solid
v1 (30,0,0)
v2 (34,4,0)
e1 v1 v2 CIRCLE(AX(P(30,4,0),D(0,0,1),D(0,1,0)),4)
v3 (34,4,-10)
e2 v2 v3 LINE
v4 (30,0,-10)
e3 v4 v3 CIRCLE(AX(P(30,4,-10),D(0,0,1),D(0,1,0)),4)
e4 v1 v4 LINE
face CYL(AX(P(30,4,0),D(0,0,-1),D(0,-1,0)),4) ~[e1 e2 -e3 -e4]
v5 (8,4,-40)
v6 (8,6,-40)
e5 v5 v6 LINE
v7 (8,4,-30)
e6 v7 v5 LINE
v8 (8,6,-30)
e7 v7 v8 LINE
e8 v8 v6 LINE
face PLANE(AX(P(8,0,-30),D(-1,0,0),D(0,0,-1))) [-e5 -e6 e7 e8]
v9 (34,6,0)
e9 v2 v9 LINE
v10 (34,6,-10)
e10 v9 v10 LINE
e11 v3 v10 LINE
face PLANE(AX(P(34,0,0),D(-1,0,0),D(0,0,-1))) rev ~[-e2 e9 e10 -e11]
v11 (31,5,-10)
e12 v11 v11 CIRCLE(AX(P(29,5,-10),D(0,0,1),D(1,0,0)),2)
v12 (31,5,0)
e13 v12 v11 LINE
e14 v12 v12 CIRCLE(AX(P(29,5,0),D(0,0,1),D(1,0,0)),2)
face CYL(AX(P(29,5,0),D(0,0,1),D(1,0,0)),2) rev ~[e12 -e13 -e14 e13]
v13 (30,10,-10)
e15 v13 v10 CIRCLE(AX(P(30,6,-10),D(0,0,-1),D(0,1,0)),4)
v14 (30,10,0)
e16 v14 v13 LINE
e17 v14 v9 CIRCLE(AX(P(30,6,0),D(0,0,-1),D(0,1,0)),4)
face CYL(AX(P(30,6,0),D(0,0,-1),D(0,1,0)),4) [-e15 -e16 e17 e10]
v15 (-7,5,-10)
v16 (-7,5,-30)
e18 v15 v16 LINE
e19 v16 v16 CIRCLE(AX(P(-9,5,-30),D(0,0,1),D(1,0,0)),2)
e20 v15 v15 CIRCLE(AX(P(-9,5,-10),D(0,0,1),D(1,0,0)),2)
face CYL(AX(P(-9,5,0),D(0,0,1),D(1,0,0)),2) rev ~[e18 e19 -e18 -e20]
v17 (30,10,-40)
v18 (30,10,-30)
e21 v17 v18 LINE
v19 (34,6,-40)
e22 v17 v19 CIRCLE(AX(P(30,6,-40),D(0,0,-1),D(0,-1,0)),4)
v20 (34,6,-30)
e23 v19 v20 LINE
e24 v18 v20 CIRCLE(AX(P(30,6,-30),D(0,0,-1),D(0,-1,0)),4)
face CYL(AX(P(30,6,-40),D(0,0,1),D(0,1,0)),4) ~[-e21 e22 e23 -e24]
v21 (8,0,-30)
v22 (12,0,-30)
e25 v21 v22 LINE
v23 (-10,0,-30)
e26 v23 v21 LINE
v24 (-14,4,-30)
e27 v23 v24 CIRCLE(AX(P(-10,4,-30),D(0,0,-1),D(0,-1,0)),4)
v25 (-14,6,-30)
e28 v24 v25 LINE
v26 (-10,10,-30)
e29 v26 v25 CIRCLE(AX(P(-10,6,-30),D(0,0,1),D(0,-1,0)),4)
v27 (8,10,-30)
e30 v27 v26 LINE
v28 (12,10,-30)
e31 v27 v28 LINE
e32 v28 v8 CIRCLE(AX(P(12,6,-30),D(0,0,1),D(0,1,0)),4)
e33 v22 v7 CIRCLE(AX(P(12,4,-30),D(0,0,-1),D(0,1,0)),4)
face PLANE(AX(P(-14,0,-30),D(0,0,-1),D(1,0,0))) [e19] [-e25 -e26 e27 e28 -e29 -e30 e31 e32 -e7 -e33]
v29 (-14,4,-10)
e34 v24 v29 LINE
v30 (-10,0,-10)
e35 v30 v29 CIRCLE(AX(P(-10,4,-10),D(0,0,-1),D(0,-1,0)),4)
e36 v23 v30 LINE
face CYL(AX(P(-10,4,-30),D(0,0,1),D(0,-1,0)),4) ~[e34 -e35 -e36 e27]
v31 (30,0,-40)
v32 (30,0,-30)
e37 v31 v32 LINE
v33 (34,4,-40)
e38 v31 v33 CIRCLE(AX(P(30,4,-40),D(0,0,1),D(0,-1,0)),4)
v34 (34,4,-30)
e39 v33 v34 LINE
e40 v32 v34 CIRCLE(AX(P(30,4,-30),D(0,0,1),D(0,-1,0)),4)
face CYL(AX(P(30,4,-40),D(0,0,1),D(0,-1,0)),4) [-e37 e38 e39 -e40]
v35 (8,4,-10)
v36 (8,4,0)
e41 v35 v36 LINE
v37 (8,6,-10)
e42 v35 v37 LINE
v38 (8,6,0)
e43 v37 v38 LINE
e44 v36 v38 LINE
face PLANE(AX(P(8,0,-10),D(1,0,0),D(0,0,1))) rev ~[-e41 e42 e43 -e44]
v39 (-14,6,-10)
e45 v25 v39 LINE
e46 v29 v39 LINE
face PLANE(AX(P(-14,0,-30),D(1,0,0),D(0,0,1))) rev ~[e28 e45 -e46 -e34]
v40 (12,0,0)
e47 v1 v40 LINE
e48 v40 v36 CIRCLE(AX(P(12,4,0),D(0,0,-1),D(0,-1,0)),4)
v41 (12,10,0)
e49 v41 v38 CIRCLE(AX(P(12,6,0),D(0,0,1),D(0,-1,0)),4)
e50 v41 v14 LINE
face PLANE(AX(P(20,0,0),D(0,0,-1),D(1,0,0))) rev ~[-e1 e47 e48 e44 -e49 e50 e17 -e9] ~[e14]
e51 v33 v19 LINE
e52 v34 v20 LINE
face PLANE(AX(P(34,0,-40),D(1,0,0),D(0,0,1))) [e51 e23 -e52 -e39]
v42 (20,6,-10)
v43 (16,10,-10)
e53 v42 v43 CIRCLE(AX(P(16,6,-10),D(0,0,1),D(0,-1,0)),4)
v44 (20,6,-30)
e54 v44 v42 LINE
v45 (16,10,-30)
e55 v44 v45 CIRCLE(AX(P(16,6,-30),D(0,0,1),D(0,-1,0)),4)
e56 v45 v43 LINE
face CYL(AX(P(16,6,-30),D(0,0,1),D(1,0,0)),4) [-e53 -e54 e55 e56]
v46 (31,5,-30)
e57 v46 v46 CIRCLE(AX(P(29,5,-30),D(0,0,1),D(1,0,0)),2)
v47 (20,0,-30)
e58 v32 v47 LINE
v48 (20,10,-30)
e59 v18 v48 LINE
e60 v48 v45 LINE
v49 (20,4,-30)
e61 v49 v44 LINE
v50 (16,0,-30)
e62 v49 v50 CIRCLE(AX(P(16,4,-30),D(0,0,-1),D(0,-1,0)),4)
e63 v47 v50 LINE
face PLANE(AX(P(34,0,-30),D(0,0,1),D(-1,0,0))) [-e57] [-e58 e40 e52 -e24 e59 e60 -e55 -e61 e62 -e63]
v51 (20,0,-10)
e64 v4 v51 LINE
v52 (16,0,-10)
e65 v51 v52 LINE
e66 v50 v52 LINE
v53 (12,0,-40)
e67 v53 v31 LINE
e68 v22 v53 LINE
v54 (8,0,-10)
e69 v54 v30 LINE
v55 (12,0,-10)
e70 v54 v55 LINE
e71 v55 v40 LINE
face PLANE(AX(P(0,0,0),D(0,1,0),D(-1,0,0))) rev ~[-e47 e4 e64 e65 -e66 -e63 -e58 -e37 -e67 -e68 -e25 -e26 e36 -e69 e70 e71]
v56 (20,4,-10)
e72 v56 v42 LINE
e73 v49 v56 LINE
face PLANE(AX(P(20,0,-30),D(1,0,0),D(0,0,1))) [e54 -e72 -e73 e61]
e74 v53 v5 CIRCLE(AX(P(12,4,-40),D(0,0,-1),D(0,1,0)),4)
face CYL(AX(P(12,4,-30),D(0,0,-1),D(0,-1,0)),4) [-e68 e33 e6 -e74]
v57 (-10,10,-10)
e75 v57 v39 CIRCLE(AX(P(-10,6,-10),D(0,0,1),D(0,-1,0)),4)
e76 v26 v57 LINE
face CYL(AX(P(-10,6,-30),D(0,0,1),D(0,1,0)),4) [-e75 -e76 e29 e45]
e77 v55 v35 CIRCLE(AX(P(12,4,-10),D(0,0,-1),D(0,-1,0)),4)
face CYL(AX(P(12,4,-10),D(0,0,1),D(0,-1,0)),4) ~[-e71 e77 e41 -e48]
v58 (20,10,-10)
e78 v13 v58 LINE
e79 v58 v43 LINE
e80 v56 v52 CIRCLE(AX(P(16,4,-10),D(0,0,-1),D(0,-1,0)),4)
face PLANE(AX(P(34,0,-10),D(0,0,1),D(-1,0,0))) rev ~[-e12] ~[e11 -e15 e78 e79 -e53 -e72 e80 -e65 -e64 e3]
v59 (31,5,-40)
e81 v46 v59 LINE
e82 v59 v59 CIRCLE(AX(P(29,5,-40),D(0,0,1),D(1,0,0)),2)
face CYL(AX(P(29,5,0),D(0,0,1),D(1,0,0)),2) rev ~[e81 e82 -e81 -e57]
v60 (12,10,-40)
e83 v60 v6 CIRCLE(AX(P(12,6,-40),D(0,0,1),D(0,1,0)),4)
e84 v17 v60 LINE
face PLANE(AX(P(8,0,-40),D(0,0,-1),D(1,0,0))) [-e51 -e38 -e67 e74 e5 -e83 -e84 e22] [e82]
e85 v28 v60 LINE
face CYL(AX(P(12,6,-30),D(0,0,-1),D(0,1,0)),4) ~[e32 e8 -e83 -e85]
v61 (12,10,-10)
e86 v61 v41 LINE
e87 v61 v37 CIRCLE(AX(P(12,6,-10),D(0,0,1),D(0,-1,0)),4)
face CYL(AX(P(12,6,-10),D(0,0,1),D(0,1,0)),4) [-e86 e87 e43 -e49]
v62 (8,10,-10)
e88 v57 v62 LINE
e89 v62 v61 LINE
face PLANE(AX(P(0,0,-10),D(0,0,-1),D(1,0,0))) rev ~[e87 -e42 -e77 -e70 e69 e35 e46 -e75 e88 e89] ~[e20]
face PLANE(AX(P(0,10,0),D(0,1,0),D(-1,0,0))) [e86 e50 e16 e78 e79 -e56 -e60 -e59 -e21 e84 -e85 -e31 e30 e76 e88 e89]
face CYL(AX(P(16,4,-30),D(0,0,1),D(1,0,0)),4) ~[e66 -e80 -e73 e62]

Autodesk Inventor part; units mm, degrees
ref_plane "YZ Plane" through (0, 0, 0) normal (1, 0, 0) x (0, 1, 0)
ref_plane "XZ Plane" through (0, 0, 0) normal (0, 1, 0) x (-1, 0, 0)
ref_plane "XY Plane" through (0, 0, 0) normal (0, 0, 1) x (1, 0, 0)
sketch "arm_sketch" plane through (0, 0, 0) normal (0, 1, 0) x (-1, 0, 0)
  line L0 (0, -40) -> (-20, -40) construction
  line L1 (-20, -40) -> (-20, 0) construction
  line L2 (-20, 0) -> (0, 0) construction
  line L3 (0, 0) -> (0, -40) construction
  line L4 (0, -30) -> (-20, -30) construction
  line L5 (-20, -30) -> (-20, -10)
  line L6 (-20, -10) -> (0, -10) construction
  line L7 (0, -10) -> (0, -30) construction
  line L8 (-20, -40) -> (-34, -40)
  line L9 (-34, -40) -> (-34, -30)
  line L10 (-34, -30) -> (-20, -30)
  line L11 (-20, -30) -> (-20, -40) construction
  line L12 (0, -20) -> (-20, -20) construction
  line L13 (-10, -40) -> (-10, 0) construction
  line L14 (-20, 0) -> (-34, 0)
  line L15 (-34, 0) -> (-34, -10)
  line L16 (-34, -10) -> (-20, -10)
  line L17 (-20, -10) -> (-20, 0) construction
  line L18 (0, -40) -> (14, -40) construction
  line L19 (14, -40) -> (14, -30) construction
  line L20 (14, -30) -> (0, -30)
  line L21 (0, -30) -> (0, -40) construction
  line L22 (0, -10) -> (0, 0) construction
  line L23 (0, 0) -> (14, 0) construction
  line L24 (14, 0) -> (14, -10) construction
  line L25 (14, -10) -> (0, -10)
  line L26 (14, -30) -> (14, -10)
  line L27 (0, -10) -> (-8, -10)
  line L28 (-8, -10) -> (-8, 0)
  line L29 (0, -30) -> (-8, -30)
  line L30 (-8, -30) -> (-8, -40)
  line L31 (-8, -40) -> (-20, -40)
  line L32 (-8, 0) -> (-20, 0)
  point P0 (0, -10)
  point P1 (0, -10)
  dimension "d0" = 20
  dimension "d1" = 40
  dimension "d2" = 20
  dimension "d3" = 10
  dimension "d4" = 14
  dimension "d63" = 12
  dimension "d64" = 12
extrude "arm" add sketch "arm_sketch" along normal blind 10
sketch "Sketch5" plane through (8, 0, 0) normal (0, 0, 1) x (1, 0, 0)
  line L0 (26, 0) -> (26, 10) construction
  line L1 (26, 10) -> (12, 10) construction
  line L2 (-22, 0) -> (-22, 10) construction
  circle A0 centre (21, 5) radius 2
  circle A1 centre (-17, 5) radius 2
  dimension "d66" = 10
  dimension "d67" = 14
  dimension "d68" = 4
  dimension "d69" = 4
  dimension "d70" = 5
  dimension "d71" = 5
  dimension "d72" = 5
  dimension "d73" = 5
extrude "rod_hole" cut sketch "Sketch5" against normal through all
fillet "rot_round" radius 4 12 edges at (-14, 10, -20) (-14, 0, -20) (34, 10, -35) (34, 0, -35) (34, 10, -5) (34, 0, -5) (8, 10, -5) (8, 0, -5) (8, 0, -35) (8, 10, -35) (20, 10, -20) (20, 0, -20)
equation "\"d3\" = 0.5 * d1 - 0.5 * d2"
equation "\"d64\" = d63"
equation "\"d68\" = arm_rod_diam"
equation "\"d69\" = arm_rod_diam"
equation "\"d70\" = d71"
equation "\"d71\" = d72"
equation "\"d72\" = 0.5 * d66"
equation "\"d73\" = d72"
equation "\"d76\" = arm_rod_diam"
equation "\"arm_rod_diam\" = 4"
equation "\"hole\" = 2.2"
properties part number "arm" material "ABS Plastic"
